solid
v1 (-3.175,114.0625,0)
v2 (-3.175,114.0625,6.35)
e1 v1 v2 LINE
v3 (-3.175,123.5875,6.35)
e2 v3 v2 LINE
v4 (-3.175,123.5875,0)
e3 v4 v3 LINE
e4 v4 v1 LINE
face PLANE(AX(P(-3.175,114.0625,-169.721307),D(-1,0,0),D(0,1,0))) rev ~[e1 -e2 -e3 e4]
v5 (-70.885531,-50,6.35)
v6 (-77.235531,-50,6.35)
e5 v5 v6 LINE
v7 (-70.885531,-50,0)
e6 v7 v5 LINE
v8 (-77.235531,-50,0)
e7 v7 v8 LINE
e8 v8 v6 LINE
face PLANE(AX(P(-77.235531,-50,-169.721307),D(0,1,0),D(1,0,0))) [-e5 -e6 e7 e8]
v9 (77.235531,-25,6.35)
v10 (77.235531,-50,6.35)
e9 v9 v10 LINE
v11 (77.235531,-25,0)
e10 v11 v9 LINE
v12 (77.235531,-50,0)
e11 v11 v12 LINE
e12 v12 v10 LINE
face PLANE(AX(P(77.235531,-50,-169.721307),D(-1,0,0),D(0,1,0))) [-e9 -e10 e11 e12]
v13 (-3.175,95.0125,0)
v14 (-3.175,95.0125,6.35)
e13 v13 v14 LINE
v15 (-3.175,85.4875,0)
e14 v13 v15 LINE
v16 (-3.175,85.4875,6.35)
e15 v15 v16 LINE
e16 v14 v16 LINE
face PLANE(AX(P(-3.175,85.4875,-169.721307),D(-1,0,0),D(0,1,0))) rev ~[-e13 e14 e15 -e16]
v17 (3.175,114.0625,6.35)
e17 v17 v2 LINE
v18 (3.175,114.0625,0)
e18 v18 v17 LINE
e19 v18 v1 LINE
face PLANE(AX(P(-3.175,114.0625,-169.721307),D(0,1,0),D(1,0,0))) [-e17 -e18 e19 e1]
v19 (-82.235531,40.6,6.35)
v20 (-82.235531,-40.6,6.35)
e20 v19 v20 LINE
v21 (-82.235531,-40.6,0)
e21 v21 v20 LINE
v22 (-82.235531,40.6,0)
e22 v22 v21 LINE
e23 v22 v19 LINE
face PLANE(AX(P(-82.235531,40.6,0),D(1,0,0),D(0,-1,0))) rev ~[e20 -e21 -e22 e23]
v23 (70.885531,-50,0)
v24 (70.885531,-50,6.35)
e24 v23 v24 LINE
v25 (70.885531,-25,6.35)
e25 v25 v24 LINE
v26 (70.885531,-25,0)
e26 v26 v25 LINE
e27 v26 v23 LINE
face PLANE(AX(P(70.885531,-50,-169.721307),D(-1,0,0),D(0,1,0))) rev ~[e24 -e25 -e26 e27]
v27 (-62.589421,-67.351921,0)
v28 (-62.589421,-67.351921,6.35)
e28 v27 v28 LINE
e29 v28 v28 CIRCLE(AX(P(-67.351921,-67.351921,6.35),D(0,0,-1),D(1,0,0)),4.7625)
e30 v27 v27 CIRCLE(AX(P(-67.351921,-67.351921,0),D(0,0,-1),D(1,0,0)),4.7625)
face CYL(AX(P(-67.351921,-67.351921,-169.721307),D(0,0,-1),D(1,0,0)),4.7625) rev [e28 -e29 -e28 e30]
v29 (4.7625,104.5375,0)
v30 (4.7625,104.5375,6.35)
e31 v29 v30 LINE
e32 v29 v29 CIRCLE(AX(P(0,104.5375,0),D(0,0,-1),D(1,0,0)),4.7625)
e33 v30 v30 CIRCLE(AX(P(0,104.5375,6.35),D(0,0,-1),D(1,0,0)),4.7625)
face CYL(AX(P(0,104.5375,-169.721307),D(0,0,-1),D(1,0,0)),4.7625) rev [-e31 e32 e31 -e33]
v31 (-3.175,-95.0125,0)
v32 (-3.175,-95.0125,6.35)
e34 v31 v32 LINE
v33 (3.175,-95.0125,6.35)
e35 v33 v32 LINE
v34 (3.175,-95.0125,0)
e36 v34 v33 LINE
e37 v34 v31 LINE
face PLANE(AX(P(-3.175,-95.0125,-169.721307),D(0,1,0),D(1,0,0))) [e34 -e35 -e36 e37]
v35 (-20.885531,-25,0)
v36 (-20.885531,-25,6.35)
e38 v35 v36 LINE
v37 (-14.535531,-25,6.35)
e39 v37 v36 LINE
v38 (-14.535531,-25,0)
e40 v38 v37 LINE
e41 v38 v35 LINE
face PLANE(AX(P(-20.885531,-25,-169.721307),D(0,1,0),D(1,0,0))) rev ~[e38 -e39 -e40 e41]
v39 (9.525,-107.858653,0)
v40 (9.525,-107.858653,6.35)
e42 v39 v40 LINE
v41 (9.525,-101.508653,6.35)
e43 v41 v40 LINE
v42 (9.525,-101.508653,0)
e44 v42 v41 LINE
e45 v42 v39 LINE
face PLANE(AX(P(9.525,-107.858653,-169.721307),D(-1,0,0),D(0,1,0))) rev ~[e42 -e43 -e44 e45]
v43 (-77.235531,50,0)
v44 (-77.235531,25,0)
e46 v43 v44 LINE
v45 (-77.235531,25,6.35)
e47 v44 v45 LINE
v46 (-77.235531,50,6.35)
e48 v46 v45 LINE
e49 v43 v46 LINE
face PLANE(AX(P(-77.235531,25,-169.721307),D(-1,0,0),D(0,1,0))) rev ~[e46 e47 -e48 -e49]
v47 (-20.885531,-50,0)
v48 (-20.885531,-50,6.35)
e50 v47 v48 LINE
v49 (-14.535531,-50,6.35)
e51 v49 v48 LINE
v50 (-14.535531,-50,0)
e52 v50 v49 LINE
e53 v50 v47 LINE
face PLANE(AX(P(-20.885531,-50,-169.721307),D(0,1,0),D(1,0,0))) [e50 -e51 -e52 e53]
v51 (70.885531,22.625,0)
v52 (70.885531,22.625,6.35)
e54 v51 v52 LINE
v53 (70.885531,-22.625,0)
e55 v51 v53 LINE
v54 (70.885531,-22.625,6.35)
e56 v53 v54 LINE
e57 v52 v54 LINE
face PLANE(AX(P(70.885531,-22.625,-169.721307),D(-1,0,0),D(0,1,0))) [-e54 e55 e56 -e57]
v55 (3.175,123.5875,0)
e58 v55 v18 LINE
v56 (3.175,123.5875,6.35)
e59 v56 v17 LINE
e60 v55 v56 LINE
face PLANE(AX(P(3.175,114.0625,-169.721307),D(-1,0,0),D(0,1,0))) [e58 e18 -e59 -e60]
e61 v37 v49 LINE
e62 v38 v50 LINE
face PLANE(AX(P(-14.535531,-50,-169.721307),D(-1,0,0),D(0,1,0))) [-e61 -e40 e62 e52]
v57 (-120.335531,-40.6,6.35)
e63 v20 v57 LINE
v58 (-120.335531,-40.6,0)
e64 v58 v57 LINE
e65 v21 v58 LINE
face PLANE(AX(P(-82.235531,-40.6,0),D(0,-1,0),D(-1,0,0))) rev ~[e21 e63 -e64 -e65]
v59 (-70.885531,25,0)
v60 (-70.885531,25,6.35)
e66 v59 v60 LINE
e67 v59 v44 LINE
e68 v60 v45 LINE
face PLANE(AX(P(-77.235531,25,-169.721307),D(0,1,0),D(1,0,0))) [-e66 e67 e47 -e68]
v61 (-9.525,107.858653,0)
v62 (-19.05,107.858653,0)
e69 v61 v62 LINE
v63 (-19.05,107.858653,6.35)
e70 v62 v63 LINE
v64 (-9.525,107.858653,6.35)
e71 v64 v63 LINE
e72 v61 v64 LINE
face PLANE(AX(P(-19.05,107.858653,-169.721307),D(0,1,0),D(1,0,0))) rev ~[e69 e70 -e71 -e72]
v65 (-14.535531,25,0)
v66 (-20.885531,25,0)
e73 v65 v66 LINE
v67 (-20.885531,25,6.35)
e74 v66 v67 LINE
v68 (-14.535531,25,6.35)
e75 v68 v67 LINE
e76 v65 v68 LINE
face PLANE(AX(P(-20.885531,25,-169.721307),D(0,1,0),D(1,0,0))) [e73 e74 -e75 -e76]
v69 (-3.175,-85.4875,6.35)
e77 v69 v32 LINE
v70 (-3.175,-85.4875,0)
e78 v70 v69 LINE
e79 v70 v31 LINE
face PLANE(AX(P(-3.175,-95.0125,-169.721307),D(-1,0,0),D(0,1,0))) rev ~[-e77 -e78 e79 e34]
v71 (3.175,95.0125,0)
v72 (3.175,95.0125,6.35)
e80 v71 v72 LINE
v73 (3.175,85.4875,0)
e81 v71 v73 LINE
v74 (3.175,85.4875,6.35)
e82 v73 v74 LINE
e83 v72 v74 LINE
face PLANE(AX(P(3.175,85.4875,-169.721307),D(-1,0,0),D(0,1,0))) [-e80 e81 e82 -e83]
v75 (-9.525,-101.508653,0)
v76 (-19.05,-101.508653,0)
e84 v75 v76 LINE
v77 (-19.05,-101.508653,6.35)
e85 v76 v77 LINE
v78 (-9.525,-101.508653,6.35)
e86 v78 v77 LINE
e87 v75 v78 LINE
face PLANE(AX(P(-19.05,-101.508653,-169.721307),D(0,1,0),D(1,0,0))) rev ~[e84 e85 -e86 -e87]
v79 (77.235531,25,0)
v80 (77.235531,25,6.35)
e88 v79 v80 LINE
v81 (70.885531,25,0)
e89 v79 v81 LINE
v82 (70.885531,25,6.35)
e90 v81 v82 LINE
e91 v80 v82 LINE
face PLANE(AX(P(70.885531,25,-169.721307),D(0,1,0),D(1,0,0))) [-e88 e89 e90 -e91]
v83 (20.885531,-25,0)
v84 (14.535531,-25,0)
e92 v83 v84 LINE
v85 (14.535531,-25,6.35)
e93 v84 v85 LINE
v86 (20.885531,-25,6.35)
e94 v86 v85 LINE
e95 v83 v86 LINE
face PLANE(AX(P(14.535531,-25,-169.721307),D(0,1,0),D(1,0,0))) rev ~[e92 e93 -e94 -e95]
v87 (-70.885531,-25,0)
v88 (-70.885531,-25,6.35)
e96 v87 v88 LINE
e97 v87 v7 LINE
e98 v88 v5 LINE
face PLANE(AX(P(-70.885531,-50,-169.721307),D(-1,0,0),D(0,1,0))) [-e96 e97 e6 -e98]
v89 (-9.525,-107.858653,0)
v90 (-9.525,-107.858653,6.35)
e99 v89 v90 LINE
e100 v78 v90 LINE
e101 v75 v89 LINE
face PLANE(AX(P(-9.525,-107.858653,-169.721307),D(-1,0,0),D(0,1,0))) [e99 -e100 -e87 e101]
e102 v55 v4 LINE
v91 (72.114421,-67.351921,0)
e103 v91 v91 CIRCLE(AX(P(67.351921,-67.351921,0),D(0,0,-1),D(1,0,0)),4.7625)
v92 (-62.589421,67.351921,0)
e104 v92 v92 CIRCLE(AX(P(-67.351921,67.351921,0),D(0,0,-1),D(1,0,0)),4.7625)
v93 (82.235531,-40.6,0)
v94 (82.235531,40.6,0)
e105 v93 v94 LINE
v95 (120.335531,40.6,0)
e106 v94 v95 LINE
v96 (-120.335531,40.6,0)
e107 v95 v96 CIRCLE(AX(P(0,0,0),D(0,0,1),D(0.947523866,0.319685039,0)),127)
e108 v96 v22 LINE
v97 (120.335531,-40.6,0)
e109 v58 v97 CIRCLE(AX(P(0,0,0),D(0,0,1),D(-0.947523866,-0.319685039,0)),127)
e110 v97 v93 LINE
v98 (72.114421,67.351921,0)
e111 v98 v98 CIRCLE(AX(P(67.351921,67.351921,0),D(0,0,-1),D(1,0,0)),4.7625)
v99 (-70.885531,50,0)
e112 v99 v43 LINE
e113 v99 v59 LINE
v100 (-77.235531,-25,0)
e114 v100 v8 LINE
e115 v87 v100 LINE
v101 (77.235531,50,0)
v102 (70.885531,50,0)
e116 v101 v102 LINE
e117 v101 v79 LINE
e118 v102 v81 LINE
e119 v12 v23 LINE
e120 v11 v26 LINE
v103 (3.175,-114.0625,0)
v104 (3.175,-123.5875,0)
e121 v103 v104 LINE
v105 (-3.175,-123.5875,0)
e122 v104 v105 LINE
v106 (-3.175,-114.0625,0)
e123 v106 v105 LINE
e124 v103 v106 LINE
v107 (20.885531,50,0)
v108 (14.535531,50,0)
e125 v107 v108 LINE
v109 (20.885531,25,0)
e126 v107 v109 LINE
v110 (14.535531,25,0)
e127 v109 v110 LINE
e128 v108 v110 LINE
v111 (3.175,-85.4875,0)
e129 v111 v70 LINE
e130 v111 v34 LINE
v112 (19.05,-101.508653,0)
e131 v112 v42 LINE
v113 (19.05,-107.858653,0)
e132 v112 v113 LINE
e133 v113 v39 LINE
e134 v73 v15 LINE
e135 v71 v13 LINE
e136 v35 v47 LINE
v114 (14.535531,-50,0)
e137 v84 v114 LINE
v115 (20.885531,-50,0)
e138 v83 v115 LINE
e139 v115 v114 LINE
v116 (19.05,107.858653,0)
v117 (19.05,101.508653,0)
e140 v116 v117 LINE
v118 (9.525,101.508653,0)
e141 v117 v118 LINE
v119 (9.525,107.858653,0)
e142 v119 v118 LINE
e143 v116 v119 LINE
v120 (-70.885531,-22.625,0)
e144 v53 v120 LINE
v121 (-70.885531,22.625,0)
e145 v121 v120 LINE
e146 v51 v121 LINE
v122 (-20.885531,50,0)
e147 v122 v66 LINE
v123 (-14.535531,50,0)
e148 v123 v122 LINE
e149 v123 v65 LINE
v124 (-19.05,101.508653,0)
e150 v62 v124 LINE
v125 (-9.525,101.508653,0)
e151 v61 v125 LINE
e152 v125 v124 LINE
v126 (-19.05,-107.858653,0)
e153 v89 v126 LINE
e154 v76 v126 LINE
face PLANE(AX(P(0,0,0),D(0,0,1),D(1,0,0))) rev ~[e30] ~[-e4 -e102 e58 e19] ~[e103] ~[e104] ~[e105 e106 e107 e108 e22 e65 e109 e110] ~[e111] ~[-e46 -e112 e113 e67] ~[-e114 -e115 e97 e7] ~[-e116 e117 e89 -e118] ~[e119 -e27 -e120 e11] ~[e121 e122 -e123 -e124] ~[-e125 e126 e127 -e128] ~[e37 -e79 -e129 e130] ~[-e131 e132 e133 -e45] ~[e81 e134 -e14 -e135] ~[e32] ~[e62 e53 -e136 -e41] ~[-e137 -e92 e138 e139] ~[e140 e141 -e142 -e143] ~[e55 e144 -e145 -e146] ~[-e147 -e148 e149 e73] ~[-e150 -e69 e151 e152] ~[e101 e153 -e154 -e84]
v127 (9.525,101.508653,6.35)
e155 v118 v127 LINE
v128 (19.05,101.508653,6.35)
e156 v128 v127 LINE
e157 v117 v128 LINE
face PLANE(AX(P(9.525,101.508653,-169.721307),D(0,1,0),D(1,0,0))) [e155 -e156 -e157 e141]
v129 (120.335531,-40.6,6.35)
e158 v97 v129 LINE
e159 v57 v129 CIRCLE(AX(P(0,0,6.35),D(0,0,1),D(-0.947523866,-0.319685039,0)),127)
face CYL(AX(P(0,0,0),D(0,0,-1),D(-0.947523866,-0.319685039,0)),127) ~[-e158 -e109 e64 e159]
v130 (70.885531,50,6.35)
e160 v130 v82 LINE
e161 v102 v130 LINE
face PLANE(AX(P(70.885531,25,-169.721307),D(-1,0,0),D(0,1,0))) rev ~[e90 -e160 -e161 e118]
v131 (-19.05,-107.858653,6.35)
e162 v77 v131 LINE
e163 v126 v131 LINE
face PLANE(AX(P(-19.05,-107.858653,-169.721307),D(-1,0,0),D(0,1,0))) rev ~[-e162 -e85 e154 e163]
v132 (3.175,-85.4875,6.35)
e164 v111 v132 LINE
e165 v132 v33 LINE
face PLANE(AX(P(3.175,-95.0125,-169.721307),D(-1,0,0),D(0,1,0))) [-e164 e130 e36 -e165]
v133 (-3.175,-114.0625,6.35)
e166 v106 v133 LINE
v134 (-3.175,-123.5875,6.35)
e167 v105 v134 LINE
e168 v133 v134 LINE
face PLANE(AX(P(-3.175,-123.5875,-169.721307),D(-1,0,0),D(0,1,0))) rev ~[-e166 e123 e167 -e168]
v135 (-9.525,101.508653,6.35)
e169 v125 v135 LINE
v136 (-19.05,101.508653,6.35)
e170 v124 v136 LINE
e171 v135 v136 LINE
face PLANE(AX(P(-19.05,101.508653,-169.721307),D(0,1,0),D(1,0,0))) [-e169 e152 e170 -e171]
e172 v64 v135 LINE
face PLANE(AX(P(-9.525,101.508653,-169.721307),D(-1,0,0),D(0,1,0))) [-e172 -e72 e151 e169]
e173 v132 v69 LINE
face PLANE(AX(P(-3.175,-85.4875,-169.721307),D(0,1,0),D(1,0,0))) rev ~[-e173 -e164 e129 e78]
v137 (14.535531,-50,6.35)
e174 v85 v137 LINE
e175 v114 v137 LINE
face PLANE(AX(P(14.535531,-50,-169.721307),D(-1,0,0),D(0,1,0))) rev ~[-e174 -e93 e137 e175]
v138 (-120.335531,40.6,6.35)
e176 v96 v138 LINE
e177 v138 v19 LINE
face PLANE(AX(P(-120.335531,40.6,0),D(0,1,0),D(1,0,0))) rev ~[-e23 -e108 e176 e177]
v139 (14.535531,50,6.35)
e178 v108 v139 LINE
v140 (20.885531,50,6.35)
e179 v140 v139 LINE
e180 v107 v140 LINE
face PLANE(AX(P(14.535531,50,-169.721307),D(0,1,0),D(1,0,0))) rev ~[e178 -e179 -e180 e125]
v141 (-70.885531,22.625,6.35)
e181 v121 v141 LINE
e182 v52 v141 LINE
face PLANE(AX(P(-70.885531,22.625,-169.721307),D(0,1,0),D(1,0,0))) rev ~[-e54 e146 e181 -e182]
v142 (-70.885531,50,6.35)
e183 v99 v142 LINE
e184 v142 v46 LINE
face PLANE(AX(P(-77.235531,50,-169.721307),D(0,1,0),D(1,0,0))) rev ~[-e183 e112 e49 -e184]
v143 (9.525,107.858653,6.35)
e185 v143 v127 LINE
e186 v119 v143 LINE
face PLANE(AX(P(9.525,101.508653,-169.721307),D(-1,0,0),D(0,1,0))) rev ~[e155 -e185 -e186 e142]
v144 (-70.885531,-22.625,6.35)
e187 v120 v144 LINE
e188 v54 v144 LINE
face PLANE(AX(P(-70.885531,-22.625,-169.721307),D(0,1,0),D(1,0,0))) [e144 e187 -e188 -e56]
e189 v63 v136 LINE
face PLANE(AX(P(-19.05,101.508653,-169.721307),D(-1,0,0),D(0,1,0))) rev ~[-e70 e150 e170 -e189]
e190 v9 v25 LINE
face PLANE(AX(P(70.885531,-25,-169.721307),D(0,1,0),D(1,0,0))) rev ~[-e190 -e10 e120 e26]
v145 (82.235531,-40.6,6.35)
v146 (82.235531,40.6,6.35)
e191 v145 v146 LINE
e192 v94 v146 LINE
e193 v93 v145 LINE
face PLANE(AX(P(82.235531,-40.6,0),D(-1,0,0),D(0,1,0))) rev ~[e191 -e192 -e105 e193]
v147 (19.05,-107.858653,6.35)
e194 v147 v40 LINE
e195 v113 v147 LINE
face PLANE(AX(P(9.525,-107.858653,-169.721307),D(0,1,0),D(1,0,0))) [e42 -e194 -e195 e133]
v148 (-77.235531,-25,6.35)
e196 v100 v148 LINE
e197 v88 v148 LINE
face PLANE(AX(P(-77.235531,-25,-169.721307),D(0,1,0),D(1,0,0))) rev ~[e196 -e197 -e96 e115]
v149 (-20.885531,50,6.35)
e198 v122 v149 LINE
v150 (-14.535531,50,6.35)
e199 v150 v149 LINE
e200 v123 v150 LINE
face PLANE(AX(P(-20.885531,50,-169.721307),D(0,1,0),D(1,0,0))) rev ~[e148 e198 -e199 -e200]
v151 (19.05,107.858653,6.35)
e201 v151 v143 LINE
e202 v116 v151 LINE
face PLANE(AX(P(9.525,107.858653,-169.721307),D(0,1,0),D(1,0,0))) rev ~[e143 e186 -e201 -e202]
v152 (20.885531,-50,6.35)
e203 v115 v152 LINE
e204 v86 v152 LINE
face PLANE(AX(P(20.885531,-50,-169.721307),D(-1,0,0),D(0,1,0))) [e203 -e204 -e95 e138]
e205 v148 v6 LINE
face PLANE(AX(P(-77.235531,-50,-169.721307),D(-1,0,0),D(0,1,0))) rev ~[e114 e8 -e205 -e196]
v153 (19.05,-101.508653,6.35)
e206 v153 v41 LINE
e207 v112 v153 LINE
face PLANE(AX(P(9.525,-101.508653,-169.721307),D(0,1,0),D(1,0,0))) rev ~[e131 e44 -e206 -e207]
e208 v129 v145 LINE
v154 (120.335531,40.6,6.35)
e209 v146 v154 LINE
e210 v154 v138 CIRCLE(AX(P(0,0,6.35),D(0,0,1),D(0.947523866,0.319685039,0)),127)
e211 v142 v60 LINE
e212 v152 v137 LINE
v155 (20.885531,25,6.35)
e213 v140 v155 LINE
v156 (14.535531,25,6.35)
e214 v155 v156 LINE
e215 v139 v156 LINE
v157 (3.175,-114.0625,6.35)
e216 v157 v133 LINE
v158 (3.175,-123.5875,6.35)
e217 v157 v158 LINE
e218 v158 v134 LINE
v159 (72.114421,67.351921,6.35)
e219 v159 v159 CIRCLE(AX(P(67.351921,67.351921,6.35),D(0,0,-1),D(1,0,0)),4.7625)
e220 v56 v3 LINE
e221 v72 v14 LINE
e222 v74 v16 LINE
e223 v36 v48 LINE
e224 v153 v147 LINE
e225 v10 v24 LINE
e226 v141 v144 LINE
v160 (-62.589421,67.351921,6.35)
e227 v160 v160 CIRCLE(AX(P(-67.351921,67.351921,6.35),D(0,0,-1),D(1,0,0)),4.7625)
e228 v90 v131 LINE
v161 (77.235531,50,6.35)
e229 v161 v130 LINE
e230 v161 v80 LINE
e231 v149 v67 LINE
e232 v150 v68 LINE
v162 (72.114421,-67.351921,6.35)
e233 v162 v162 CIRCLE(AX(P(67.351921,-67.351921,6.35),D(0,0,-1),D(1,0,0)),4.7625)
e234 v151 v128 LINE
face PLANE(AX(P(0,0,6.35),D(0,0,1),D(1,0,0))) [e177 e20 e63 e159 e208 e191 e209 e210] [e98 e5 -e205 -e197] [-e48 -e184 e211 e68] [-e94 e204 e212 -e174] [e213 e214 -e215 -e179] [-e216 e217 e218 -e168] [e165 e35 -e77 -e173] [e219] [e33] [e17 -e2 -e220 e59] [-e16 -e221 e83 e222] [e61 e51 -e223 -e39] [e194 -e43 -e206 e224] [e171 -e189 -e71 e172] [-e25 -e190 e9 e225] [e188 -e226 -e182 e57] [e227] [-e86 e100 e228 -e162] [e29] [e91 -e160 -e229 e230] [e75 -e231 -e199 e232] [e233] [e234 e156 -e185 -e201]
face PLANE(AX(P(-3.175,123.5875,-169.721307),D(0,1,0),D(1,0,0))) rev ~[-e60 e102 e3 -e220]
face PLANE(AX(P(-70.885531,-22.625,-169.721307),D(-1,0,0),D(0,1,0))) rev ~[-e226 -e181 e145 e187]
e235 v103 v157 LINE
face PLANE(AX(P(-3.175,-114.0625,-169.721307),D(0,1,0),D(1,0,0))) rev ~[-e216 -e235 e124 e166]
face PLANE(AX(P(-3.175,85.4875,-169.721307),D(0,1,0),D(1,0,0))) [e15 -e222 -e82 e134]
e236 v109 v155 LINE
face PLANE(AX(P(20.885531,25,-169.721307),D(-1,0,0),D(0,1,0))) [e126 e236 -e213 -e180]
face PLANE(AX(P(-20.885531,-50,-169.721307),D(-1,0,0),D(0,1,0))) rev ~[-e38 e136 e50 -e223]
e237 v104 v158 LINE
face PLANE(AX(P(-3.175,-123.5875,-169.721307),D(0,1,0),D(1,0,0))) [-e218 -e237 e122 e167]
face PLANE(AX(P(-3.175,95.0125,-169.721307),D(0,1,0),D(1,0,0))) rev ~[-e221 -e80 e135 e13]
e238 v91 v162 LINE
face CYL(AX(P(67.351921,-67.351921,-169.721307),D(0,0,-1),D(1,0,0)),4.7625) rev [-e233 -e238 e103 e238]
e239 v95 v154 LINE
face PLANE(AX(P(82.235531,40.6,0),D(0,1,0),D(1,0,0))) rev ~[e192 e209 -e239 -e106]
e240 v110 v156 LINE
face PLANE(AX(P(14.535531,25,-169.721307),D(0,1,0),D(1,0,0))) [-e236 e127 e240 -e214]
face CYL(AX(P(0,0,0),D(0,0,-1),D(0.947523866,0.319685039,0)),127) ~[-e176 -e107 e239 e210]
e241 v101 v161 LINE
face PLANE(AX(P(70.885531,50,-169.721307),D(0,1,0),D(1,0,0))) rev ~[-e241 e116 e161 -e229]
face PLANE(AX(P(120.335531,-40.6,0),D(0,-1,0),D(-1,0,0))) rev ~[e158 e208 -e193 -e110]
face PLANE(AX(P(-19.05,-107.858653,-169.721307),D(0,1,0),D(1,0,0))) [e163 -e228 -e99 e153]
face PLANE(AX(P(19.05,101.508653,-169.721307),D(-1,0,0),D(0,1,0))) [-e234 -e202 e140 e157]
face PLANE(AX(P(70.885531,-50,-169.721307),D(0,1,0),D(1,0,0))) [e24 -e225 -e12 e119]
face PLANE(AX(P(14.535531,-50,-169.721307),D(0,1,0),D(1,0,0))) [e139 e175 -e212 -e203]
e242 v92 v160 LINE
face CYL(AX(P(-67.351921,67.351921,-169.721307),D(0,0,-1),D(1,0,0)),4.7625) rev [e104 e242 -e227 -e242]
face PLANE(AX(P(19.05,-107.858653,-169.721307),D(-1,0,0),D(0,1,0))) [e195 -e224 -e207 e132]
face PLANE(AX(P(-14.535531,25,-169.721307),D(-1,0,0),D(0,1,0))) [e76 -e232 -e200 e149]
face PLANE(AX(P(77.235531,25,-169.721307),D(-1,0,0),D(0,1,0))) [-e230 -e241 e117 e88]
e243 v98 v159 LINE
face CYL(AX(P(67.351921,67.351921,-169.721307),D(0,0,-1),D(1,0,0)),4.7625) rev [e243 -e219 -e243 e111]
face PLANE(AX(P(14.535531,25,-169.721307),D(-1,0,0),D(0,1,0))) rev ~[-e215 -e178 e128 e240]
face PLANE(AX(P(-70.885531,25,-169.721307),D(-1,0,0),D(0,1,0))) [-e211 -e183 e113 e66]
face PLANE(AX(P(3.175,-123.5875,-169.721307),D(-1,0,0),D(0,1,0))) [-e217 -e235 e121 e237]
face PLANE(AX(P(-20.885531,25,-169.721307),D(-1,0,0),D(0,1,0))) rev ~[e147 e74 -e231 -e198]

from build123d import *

# Parameters (mm, degrees)
BOSS_EXTRUDE1_DEPTH     = 6.35
CUT_EXTRUDE1_DEPTH      = 176.071306912
CUT_EXTRUDE1_DEPTH_BACK = 176.071306912
SKETCH2_W               = 6.35
SKETCH2_H               = 24.999999975
SKETCH2_H_2             = 24.999999974
CUT_EXTRUDE2_DEPTH      = 176.071306912
CUT_EXTRUDE2_DEPTH_BACK = 176.071306912
SKETCH5_W               = 141.771062044
SKETCH5_H               = 45.249999988
CUT_EXTRUDE3_DEPTH      = 176.071306912
CUT_EXTRUDE3_DEPTH_BACK = 176.071306912
SKETCH6_R               = 4.7625
CUT_EXTRUDE4_DEPTH      = 176.071306912
CUT_EXTRUDE4_DEPTH_BACK = 176.071306912
SKETCH7_R               = 4.7625
CUT_EXTRUDE5_DEPTH      = 176.071306912
CUT_EXTRUDE5_DEPTH_BACK = 176.071306912
SKETCH8_W               = 6.35
SKETCH8_H               = 9.525
SKETCH8_W_2             = 9.525
SKETCH8_H_2             = 6.35


with BuildPart() as part:
    # Sketch1 → Boss-Extrude1 (new body)
    with BuildSketch(Plane.XY):
        with BuildLine():
            Line((120.335530928, -40.599999953), (82.235530928, -40.599999953))
            Line((82.235530928, -40.599999953), (82.235530928, 40.599999953))
            Line((82.235530928, 40.599999953), (120.335530928, 40.599999953))
            ThreePointArc((120.335530928, 40.599999953), (0, 127), (-120.335530928, 40.599999953))
            Line((-120.335530928, 40.599999953), (-82.235530928, 40.599999953))
            Line((-82.235530928, 40.599999953), (-82.235530928, -40.599999953))
            Line((-82.235530928, -40.599999953), (-120.335530928, -40.599999953))
            ThreePointArc((-120.335530928, -40.599999953), (0, -127), (120.335530928, -40.599999953))
        make_face()
    extrude(amount=BOSS_EXTRUDE1_DEPTH)

    # Sketch2 → Cut-Extrude1 (cut, two sides: drawn at the far end of the back side and taken through both)
    with BuildSketch(Plane.XY.offset(6.35).offset(-CUT_EXTRUDE1_DEPTH_BACK)):
        with Locations((17.710530946, 37.499999962)):
            Rectangle(SKETCH2_W, SKETCH2_H)
        with Locations((-74.060531022, 37.499999962)):
            Rectangle(SKETCH2_W, SKETCH2_H)
        with Locations((-17.710530946, 37.499999962)):
            Rectangle(SKETCH2_W, SKETCH2_H)
        with Locations((74.060531022, 37.499999962)):
            Rectangle(SKETCH2_W, SKETCH2_H_2)
        with Locations((74.060531022, -37.499999962)):
            Rectangle(SKETCH2_W, SKETCH2_H_2)
        with Locations((17.710530946, -37.499999962)):
            Rectangle(SKETCH2_W, SKETCH2_H)
        with Locations((-17.710530946, -37.499999962)):
            Rectangle(SKETCH2_W, SKETCH2_H_2)
        with Locations((-74.060531022, -37.499999962)):
            Rectangle(SKETCH2_W, SKETCH2_H_2)
    extrude(amount=CUT_EXTRUDE1_DEPTH + CUT_EXTRUDE1_DEPTH_BACK, mode=Mode.SUBTRACT)

    # Sketch5 → Cut-Extrude2 (cut, two sides: drawn at the far end of the back side and taken through both)
    with BuildSketch(Plane.XY.offset(6.35).offset(-CUT_EXTRUDE2_DEPTH_BACK)):
        Rectangle(SKETCH5_W, SKETCH5_H)
    extrude(amount=CUT_EXTRUDE2_DEPTH + CUT_EXTRUDE2_DEPTH_BACK, mode=Mode.SUBTRACT)

    # Sketch6 → Cut-Extrude3 (cut, two sides: drawn at the far end of the back side and taken through both)
    with BuildSketch(Plane.XY.offset(6.35).offset(-CUT_EXTRUDE3_DEPTH_BACK)):
        with Locations((-67.351920908, 67.351920908)):
            Circle(SKETCH6_R)
        with Locations((67.351920908, 67.351920908)):
            Circle(SKETCH6_R)
        with Locations((67.351920908, -67.351920908)):
            Circle(SKETCH6_R)
        with Locations((-67.351920908, -67.351920908)):
            Circle(SKETCH6_R)
    extrude(amount=CUT_EXTRUDE3_DEPTH + CUT_EXTRUDE3_DEPTH_BACK, mode=Mode.SUBTRACT)

    # Sketch7 → Cut-Extrude4 (cut, two sides: drawn at the far end of the back side and taken through both)
    with BuildSketch(Plane.XY.offset(6.35).offset(-CUT_EXTRUDE4_DEPTH_BACK)):
        with Locations((0, 104.537500094)):
            Circle(SKETCH7_R)
    extrude(amount=CUT_EXTRUDE4_DEPTH + CUT_EXTRUDE4_DEPTH_BACK, mode=Mode.SUBTRACT)

    # Sketch8 → Cut-Extrude5 (cut, two sides: drawn at the far end of the back side and taken through both)
    with BuildSketch(Plane.XY.offset(6.35).offset(-CUT_EXTRUDE5_DEPTH_BACK)):
        with Locations((0, 118.825000094)):
            Rectangle(SKETCH8_W, SKETCH8_H)
        with Locations((0, 90.250000094)):
            Rectangle(SKETCH8_W, SKETCH8_H)
        with Locations((0, -90.250000094)):
            Rectangle(SKETCH8_W, SKETCH8_H)
        with Locations((0, -118.825000094)):
            Rectangle(SKETCH8_W, SKETCH8_H)
        with Locations((-14.2875, 104.683652736)):
            Rectangle(SKETCH8_W_2, SKETCH8_H_2)
        with Locations((14.2875, 104.683652736)):
            Rectangle(SKETCH8_W_2, SKETCH8_H_2)
        with Locations((14.2875, -104.683652736)):
            Rectangle(SKETCH8_W_2, SKETCH8_H_2)
        with Locations((-14.2875, -104.683652736)):
            Rectangle(SKETCH8_W_2, SKETCH8_H_2)
    extrude(amount=CUT_EXTRUDE5_DEPTH + CUT_EXTRUDE5_DEPTH_BACK, mode=Mode.SUBTRACT)


solid = part.part
